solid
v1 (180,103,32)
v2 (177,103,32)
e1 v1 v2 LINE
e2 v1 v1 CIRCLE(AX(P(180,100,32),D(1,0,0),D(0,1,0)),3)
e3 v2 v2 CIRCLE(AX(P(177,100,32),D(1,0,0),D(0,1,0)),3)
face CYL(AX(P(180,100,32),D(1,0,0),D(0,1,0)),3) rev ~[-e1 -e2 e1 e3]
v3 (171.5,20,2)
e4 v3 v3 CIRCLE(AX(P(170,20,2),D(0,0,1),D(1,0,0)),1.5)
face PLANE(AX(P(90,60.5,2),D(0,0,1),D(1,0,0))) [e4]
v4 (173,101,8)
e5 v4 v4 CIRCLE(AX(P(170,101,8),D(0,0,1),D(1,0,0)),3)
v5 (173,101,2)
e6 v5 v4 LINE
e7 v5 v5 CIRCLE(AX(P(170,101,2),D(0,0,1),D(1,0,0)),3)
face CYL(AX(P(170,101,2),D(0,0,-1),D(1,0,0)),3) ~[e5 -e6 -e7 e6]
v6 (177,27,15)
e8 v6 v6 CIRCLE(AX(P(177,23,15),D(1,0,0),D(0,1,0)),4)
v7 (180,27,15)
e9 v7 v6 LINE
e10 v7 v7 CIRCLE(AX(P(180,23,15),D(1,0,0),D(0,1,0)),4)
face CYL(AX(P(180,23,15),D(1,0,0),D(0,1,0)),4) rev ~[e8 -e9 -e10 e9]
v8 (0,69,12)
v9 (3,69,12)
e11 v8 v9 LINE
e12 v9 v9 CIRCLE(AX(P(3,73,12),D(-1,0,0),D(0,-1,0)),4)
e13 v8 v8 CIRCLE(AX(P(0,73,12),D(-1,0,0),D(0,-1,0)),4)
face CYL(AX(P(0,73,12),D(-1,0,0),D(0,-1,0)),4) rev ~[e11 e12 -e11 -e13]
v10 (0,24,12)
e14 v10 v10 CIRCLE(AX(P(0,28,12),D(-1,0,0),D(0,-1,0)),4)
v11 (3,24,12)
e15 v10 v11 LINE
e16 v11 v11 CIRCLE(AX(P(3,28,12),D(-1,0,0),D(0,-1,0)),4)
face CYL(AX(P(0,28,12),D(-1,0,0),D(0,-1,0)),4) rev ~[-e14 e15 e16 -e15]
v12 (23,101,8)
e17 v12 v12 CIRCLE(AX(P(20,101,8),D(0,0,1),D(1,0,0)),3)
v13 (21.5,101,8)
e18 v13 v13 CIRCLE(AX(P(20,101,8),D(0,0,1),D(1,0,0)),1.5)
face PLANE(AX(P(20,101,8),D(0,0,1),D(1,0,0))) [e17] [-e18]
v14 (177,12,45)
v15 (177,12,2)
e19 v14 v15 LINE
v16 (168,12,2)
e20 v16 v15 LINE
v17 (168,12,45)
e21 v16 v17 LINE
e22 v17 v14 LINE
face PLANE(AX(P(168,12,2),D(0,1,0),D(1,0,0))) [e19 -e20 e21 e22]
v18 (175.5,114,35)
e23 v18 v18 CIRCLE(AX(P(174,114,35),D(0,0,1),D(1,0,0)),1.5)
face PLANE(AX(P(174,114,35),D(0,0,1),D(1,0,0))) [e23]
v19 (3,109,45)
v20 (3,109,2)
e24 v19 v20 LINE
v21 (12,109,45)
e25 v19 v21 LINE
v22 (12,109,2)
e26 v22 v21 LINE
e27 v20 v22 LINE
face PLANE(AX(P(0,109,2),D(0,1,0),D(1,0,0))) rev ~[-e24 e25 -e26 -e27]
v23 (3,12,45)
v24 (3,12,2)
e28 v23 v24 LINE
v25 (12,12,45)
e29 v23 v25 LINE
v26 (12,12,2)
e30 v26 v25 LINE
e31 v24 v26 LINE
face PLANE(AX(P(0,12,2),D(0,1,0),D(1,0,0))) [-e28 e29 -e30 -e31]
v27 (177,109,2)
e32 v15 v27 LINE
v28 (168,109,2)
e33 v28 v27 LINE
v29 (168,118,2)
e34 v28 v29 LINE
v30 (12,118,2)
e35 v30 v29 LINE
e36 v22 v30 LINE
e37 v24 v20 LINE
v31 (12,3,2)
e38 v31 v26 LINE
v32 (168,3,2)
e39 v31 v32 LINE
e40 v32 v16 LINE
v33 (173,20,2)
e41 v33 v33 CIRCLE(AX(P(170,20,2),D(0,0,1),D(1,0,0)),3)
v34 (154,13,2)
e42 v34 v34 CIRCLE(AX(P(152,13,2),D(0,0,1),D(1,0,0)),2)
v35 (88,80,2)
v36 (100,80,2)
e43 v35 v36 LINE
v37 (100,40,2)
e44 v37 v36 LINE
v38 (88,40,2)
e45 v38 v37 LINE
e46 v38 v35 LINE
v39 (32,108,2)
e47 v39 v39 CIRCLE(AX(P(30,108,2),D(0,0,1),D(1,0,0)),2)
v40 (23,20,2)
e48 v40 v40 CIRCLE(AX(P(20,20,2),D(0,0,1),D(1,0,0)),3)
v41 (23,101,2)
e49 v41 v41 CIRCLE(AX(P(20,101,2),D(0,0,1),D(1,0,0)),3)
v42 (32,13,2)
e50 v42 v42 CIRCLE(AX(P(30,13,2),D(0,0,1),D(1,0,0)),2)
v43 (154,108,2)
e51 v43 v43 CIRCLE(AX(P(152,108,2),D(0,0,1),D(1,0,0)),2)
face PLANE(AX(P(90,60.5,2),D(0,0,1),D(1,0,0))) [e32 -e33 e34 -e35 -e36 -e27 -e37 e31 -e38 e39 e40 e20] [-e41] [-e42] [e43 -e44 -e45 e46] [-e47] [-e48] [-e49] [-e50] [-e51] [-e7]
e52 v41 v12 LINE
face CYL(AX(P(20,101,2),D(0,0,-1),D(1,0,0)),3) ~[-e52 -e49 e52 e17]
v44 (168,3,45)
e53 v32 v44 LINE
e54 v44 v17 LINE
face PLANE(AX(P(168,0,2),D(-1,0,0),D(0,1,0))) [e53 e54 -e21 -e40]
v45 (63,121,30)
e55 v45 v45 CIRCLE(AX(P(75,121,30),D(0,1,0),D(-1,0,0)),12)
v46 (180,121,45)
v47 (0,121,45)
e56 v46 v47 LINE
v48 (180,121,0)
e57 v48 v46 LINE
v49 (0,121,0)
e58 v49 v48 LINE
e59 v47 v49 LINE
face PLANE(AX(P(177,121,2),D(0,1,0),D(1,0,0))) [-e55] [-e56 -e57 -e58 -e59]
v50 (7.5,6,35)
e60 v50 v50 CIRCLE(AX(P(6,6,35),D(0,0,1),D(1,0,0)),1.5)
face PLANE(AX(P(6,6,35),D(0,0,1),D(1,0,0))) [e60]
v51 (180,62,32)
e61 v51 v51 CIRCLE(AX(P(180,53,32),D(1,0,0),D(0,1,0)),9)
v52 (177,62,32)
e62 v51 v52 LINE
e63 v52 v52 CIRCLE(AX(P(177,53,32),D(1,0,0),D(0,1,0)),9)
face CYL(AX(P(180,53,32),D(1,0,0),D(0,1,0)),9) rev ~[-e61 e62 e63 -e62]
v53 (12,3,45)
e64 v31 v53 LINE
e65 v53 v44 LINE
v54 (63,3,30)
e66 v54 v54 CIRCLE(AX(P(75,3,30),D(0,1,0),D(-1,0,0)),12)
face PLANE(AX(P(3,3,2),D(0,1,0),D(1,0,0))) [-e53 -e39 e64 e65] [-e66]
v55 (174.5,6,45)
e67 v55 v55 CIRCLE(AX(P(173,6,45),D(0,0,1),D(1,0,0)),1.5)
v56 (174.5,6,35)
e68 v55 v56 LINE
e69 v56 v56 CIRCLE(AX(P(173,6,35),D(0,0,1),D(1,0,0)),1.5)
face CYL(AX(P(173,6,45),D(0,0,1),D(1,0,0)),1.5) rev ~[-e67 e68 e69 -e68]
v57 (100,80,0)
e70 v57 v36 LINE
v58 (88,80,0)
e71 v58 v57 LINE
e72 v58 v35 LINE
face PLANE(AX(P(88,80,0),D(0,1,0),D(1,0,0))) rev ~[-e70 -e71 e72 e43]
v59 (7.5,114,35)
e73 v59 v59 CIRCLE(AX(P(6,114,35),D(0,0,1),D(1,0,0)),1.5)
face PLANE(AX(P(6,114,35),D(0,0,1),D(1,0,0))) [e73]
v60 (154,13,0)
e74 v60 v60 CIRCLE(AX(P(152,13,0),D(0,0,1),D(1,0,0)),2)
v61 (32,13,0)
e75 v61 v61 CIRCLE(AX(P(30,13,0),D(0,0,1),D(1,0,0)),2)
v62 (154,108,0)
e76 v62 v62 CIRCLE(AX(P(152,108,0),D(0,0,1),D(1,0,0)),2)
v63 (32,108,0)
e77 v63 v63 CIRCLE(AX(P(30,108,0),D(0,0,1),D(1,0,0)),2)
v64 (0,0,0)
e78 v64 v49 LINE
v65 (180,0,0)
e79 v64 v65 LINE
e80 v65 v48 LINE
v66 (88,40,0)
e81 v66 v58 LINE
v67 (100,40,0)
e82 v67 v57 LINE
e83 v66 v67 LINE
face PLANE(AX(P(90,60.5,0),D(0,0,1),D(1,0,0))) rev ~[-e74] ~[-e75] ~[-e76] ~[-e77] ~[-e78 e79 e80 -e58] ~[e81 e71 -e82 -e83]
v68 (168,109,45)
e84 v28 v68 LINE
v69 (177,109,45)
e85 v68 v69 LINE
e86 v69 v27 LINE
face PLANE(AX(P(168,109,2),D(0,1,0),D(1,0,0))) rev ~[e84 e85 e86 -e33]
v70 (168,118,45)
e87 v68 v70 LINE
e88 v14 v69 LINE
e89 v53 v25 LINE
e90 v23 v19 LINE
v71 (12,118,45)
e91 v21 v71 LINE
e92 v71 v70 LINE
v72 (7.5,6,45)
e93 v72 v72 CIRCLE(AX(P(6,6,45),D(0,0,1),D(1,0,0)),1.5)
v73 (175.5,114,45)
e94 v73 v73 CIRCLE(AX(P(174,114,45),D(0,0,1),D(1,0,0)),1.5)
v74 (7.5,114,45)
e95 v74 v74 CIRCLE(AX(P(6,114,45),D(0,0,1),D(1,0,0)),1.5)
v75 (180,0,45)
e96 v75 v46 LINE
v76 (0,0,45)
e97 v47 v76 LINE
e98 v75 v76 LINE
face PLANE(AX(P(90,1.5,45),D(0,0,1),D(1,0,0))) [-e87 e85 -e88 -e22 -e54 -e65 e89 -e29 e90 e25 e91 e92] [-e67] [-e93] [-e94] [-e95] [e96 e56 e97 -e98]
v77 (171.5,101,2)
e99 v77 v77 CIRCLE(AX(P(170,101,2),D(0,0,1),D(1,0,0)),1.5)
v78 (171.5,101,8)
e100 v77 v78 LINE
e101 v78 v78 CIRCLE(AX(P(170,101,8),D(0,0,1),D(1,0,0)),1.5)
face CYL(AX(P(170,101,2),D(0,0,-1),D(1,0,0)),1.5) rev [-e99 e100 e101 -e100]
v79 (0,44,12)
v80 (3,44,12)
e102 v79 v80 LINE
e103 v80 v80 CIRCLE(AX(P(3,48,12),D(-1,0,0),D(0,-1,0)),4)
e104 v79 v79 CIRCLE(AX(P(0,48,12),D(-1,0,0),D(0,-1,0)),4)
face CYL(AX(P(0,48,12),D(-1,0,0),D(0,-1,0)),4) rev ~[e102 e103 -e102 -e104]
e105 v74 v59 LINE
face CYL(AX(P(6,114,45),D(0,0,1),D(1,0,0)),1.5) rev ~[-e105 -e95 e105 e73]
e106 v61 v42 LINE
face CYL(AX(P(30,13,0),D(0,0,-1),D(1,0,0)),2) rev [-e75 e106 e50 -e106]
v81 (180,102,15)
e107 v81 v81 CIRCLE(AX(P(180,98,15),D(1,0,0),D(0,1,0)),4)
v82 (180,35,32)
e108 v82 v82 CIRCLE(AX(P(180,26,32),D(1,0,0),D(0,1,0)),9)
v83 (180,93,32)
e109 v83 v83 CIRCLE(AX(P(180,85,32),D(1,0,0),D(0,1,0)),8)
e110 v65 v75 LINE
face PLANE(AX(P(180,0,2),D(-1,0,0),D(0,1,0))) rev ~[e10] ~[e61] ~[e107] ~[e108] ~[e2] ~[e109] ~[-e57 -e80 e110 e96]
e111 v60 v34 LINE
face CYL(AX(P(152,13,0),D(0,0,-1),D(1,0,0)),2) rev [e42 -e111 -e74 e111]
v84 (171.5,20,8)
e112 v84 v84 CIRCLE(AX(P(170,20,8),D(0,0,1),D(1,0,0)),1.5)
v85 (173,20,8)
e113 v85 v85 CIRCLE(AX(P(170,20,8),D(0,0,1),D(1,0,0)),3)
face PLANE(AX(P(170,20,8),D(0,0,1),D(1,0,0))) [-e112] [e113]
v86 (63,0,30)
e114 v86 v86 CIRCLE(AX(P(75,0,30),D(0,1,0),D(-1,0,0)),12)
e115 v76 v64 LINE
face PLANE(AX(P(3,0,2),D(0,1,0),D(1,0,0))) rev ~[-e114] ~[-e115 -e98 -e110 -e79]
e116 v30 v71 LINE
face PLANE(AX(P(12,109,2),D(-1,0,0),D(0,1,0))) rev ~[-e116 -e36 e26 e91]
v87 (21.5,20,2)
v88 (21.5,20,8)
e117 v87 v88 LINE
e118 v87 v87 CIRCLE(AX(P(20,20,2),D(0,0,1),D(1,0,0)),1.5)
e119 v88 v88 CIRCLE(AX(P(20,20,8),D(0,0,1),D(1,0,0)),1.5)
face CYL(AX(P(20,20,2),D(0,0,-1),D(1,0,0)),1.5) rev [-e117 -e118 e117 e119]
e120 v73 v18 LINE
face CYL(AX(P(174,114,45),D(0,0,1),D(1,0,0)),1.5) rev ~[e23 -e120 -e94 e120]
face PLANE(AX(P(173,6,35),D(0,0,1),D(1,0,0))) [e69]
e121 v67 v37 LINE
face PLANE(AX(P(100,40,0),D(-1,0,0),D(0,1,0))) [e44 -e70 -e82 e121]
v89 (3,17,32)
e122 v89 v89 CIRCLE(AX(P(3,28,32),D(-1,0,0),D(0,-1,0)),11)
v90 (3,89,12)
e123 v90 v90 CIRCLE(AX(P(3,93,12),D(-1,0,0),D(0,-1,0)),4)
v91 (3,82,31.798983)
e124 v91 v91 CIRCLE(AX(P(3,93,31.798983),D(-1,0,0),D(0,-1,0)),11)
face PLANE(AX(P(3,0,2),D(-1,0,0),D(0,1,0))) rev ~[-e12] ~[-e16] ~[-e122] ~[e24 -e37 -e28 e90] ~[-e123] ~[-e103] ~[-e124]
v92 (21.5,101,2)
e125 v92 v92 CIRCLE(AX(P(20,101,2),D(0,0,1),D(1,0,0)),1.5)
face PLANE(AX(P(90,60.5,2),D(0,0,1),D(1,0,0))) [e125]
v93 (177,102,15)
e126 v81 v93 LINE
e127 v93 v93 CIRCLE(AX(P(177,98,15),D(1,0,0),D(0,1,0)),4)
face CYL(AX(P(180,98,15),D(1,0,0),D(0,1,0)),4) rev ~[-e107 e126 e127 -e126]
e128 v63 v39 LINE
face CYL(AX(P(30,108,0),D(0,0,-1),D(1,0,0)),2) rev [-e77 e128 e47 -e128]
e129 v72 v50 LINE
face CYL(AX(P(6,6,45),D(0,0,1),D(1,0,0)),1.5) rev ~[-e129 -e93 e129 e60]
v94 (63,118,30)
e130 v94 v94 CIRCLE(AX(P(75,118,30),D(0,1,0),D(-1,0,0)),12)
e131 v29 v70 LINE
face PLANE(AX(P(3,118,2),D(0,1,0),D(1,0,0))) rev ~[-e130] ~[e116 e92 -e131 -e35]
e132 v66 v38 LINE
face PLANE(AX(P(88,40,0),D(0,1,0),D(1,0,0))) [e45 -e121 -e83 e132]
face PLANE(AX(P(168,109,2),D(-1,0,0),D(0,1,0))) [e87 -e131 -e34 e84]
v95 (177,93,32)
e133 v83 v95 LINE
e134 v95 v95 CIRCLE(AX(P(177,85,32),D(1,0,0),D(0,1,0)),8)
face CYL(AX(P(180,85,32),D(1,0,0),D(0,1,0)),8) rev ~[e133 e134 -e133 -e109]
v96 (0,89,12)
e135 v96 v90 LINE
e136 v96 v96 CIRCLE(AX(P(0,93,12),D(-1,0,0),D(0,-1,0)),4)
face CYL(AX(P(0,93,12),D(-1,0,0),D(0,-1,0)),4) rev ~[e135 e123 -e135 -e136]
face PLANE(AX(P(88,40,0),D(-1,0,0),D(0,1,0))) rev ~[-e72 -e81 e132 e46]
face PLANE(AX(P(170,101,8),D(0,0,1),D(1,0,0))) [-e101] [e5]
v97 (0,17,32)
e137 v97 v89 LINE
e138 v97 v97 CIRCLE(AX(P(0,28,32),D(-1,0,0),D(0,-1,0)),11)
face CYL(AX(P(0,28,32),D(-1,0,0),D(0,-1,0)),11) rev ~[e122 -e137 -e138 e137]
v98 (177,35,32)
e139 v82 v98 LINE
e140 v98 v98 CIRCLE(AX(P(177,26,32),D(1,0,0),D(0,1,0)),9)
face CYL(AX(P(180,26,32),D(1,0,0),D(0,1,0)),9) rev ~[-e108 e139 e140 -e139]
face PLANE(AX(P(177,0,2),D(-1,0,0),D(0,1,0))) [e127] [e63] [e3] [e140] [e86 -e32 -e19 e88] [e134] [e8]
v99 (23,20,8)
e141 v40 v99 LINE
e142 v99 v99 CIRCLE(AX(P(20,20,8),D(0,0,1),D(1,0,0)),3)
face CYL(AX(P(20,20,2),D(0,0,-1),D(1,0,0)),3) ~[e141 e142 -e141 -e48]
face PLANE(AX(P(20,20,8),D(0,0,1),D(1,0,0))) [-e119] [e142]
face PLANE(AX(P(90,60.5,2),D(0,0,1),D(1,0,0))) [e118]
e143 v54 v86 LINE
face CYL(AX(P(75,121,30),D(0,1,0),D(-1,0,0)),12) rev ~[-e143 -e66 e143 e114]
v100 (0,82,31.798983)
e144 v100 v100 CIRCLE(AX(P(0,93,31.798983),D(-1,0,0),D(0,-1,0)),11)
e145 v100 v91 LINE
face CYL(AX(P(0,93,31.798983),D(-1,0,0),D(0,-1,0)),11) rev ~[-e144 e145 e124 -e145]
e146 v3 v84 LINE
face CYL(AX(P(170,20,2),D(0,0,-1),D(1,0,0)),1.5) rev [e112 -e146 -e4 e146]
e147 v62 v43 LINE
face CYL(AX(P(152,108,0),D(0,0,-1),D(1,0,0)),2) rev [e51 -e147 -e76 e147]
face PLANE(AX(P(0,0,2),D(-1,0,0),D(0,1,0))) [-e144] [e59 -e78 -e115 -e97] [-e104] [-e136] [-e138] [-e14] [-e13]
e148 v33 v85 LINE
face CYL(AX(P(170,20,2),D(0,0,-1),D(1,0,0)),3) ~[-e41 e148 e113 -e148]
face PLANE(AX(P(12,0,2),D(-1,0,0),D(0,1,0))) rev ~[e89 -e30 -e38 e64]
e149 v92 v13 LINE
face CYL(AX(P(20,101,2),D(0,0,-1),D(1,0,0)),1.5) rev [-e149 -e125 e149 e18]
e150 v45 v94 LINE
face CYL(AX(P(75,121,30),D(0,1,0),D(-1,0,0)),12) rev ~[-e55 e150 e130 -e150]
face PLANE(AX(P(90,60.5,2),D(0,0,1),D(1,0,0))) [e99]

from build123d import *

# Parameters (mm, degrees)
SKETCH_W        = 180
SKETCH_H        = 121
SKETCH_R        = 2
SKETCH_W_2      = 12
SKETCH_H_2      = 40
PAD_DEPTH       = 2
SKETCH001_R     = 3
SKETCH001_R_2   = 1.5
PAD001_DEPTH    = 6
SKETCH002_W     = 3
SKETCH002_H     = 121
PAD002_DEPTH    = 43
SKETCH003_R     = 11
SKETCH003_R_2   = 4
POCKET_DEPTH    = 5
SKETCH004_W     = 3
SKETCH004_H     = 121
PAD003_DEPTH    = 43
SKETCH005_R     = 8
SKETCH005_R_2   = 9
SKETCH005_R_3   = 4
SKETCH005_R_4   = 3
POCKET001_DEPTH = 3
SKETCH006_W     = 174
SKETCH006_H     = 3
PAD004_DEPTH    = 43
SKETCH007_R     = 12
POCKET002_DEPTH = 130
SKETCH008_W     = 12
SKETCH008_H     = 12
PAD005_DEPTH    = 43
SKETCH009_R     = 1.5
POCKET003_DEPTH = 10


with BuildPart() as part:
    # Sketch → Pad (new body)
    with BuildSketch(Plane.XY):
        with Locations((90, 60.5)):
            Rectangle(SKETCH_W, SKETCH_H)
        with Locations((30, 13)):
            Circle(SKETCH_R, mode=Mode.SUBTRACT)
        with Locations((152, 13)):
            Circle(SKETCH_R, mode=Mode.SUBTRACT)
        with Locations((30, 108)):
            Circle(SKETCH_R, mode=Mode.SUBTRACT)
        with Locations((152, 108)):
            Circle(SKETCH_R, mode=Mode.SUBTRACT)
        with Locations((94, 60)):
            Rectangle(SKETCH_W_2, SKETCH_H_2, mode=Mode.SUBTRACT)
    extrude(amount=PAD_DEPTH)

    # Sketch001 → Pad001 (new body)
    with BuildSketch(Plane.XY.offset(2)):
        with Locations((20, 20)):
            Circle(SKETCH001_R)
        with Locations((20, 20)):
            Circle(SKETCH001_R_2, mode=Mode.SUBTRACT)
        with Locations((20, 101)):
            Circle(SKETCH001_R)
        with Locations((20, 101)):
            Circle(SKETCH001_R_2, mode=Mode.SUBTRACT)
        with Locations((170, 20)):
            Circle(SKETCH001_R)
        with Locations((170, 20)):
            Circle(SKETCH001_R_2, mode=Mode.SUBTRACT)
        with Locations((170, 101)):
            Circle(SKETCH001_R)
        with Locations((170, 101)):
            Circle(SKETCH001_R_2, mode=Mode.SUBTRACT)
    extrude(amount=PAD001_DEPTH)

    # Sketch002 → Pad002 (new body)
    with BuildSketch(Plane.XY.offset(2)):
        with Locations((1.5, 60.5)):
            Rectangle(SKETCH002_W, SKETCH002_H)
    extrude(amount=PAD002_DEPTH)

    # Sketch003 → Pocket (cut)
    with BuildSketch(Plane(origin=(0, 0, 0), x_dir=(0, -1, 0), z_dir=(-1, 0, 0))):
        with Locations((-28, 32)):
            Circle(SKETCH003_R)
        with Locations((-93, 31.798983)):
            Circle(SKETCH003_R)
        with Locations((-28, 12)):
            Circle(SKETCH003_R_2)
        with Locations((-48, 12)):
            Circle(SKETCH003_R_2)
        with Locations((-93, 12)):
            Circle(SKETCH003_R_2)
        with Locations((-73, 12)):
            Circle(SKETCH003_R_2)
    extrude(amount=-POCKET_DEPTH, mode=Mode.SUBTRACT)

    # Sketch004 → Pad003 (new body)
    with BuildSketch(Plane.XY.offset(2)):
        with Locations((178.5, 60.5)):
            Rectangle(SKETCH004_W, SKETCH004_H)
    extrude(amount=PAD003_DEPTH)

    # Sketch005 → Pocket001 (cut)
    with BuildSketch(Plane.YZ.offset(180)):
        with Locations((85, 32)):
            Circle(SKETCH005_R)
        with Locations((26, 32)):
            Circle(SKETCH005_R_2)
        with Locations((53, 32)):
            Circle(SKETCH005_R_2)
        with Locations((23, 15)):
            Circle(SKETCH005_R_3)
        with Locations((98, 15)):
            Circle(SKETCH005_R_3)
        with Locations((100, 32)):
            Circle(SKETCH005_R_4)
    extrude(amount=-POCKET001_DEPTH, mode=Mode.SUBTRACT)

    # Sketch006 → Pad004 (new body)
    with BuildSketch(Plane.XY.offset(2)):
        with Locations((90, 1.5)):
            Rectangle(SKETCH006_W, SKETCH006_H)
        with Locations((90, 119.5)):
            Rectangle(SKETCH006_W, SKETCH006_H)
    extrude(amount=PAD004_DEPTH)

    # Sketch007 → Pocket002 (cut)
    with BuildSketch(Plane(origin=(0, 121, 0), x_dir=(-1, 0, 0), z_dir=(0, 1, 0))):
        with Locations((-75, 30)):
            Circle(SKETCH007_R)
    extrude(amount=-POCKET002_DEPTH, mode=Mode.SUBTRACT)

    # Sketch008 → Pad005 (new body)
    with BuildSketch(Plane.XY.offset(2)):
        with Locations((6, 6)):
            Rectangle(SKETCH008_W, SKETCH008_H)
        with Locations((6, 115)):
            Rectangle(SKETCH008_W, SKETCH008_H)
        with Locations((174, 115)):
            Rectangle(SKETCH008_W, SKETCH008_H)
        with Locations((174, 6)):
            Rectangle(SKETCH008_W, SKETCH008_H)
    extrude(amount=PAD005_DEPTH)

    # Sketch009 → Pocket003 (cut)
    with BuildSketch(Plane.XY.offset(45)):
        with Locations((6, 6)):
            Circle(SKETCH009_R)
        with Locations((173, 6)):
            Circle(SKETCH009_R)
        with Locations((6, 114)):
            Circle(SKETCH009_R)
        with Locations((174, 114)):
            Circle(SKETCH009_R)
    extrude(amount=-POCKET003_DEPTH, mode=Mode.SUBTRACT)


solid = part.part
